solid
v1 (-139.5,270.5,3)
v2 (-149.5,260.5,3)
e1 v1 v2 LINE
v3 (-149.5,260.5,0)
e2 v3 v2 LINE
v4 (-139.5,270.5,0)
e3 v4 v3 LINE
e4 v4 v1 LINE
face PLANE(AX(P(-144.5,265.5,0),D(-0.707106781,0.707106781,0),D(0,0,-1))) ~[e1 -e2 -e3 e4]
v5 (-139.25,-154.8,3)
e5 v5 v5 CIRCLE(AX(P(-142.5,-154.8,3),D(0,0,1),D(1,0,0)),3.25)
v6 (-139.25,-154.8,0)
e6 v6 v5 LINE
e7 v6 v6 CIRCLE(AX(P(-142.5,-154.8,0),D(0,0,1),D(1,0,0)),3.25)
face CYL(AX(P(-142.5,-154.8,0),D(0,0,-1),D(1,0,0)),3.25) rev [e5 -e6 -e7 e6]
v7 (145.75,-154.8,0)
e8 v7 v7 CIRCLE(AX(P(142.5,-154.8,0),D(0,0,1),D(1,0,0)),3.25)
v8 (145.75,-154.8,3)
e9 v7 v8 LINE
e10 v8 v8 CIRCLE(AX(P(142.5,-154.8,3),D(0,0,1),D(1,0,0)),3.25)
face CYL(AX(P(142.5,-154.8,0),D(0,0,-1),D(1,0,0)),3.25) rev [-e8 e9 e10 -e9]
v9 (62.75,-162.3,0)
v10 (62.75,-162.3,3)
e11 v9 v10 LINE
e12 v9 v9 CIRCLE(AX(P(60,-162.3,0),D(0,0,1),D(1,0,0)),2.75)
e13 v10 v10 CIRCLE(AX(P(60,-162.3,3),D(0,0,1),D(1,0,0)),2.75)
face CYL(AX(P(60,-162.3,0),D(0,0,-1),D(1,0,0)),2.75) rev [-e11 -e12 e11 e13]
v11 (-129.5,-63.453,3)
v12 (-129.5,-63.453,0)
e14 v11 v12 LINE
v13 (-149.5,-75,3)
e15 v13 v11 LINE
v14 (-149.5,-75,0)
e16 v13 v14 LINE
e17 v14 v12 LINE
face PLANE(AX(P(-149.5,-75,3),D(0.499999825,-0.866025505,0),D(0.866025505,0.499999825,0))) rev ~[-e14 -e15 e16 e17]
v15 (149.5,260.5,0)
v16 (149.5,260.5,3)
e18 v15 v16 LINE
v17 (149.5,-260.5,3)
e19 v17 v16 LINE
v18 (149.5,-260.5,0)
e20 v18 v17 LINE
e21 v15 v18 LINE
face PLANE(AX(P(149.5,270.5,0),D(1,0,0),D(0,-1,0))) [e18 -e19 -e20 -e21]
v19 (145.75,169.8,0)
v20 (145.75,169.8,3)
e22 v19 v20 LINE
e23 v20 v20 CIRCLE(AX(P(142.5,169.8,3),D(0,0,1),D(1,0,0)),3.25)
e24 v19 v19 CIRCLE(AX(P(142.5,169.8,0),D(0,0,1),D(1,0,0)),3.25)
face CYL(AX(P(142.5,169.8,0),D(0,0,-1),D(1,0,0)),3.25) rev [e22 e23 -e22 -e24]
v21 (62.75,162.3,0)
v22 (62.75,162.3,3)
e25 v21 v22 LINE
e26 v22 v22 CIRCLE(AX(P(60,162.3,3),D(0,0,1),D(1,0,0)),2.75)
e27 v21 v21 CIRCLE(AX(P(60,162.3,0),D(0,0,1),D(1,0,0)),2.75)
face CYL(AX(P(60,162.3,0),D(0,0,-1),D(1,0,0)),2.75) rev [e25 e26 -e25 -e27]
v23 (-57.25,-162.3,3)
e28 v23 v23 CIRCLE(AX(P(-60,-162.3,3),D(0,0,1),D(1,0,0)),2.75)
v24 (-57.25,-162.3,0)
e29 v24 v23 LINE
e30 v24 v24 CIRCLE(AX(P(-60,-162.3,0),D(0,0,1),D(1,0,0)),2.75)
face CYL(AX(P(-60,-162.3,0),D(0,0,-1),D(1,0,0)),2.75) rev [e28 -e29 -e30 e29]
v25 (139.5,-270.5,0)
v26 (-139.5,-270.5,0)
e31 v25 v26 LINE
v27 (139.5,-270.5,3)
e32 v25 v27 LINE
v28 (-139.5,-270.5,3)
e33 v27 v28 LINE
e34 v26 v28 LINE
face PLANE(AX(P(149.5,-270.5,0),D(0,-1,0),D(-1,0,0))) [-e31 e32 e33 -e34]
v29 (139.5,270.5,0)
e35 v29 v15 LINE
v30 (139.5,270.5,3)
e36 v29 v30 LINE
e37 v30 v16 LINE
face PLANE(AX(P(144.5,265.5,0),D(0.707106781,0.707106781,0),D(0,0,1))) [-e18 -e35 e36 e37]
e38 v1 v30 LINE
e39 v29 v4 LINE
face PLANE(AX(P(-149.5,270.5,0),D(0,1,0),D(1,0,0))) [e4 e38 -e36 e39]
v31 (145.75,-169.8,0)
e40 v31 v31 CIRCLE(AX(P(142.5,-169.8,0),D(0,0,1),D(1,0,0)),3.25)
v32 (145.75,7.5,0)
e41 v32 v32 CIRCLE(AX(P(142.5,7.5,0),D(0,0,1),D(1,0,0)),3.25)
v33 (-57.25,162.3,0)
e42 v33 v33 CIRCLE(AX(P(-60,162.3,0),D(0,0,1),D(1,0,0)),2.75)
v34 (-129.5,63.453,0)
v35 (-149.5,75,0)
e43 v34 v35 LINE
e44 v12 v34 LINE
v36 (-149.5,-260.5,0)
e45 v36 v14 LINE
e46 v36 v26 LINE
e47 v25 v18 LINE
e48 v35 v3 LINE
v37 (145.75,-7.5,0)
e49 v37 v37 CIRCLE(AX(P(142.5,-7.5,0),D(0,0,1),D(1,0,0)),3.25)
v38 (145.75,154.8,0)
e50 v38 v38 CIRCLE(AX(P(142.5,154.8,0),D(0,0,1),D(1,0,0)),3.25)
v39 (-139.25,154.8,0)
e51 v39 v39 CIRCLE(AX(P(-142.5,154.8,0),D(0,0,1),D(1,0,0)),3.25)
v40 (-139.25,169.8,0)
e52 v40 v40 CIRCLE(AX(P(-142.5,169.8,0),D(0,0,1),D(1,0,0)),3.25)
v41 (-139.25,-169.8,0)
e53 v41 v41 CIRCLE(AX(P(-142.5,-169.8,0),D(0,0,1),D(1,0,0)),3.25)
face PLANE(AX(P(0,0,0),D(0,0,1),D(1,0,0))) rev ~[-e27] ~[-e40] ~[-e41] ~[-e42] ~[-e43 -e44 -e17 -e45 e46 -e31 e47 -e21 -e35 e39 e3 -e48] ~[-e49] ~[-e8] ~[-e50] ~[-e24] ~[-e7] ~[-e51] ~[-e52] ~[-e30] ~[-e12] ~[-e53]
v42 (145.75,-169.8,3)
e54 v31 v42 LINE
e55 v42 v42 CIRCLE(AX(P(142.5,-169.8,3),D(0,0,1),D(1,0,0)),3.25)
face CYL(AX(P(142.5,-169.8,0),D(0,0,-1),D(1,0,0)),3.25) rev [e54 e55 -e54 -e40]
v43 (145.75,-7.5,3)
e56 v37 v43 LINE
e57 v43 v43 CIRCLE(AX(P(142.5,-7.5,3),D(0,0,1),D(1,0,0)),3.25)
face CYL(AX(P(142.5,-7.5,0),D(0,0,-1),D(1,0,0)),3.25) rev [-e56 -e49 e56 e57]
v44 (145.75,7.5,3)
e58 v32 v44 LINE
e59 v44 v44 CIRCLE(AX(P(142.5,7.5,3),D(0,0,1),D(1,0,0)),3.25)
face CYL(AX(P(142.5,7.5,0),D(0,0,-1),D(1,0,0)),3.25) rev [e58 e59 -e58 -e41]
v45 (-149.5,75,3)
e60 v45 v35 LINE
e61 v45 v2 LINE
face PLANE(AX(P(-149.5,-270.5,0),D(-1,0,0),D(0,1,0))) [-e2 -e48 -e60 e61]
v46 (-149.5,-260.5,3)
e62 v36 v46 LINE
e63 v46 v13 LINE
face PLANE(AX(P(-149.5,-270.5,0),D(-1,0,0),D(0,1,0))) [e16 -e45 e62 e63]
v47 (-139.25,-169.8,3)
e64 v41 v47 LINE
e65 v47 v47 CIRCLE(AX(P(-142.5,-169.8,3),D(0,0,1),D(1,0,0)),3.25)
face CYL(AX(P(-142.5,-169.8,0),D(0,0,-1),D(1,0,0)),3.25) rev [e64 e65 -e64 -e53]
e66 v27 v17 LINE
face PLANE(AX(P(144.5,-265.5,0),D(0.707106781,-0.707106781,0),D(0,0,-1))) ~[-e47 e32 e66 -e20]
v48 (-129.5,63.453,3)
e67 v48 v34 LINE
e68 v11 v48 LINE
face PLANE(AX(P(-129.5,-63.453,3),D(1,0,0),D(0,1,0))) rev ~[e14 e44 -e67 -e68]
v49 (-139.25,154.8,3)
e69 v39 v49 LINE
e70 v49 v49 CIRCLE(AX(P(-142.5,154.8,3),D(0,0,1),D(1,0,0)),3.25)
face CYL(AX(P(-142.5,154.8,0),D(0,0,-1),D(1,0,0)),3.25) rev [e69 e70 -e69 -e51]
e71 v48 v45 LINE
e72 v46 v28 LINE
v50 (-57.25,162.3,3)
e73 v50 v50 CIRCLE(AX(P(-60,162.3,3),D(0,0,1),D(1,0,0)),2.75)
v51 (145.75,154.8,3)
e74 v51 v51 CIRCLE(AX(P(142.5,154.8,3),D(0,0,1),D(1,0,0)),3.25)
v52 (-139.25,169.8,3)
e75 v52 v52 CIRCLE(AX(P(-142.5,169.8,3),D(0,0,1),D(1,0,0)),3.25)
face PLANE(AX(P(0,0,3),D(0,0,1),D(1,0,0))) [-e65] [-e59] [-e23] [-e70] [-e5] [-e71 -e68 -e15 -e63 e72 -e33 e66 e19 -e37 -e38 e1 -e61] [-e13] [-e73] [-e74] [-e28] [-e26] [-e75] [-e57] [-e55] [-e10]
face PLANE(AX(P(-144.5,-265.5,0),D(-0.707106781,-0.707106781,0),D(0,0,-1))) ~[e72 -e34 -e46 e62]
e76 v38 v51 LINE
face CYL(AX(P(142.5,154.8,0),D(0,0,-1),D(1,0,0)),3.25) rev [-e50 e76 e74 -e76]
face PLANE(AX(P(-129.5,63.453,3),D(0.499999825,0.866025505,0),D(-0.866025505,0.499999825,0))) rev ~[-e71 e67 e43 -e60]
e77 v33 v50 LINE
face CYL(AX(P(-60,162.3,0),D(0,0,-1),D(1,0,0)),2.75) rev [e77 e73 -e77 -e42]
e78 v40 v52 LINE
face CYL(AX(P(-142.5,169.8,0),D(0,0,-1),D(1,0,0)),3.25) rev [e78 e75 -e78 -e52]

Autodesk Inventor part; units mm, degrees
ref_plane "YZ Plane" through (0, 0, 0) normal (1, 0, 0) x (0, 1, 0)
ref_plane "XZ Plane" through (0, 0, 0) normal (0, 1, 0) x (-1, 0, 0)
sketch "Skizze1" plane through (0, 0, 0) normal (0, 0, 1) x (1, 0, 0)
  line L0 (-149.5, 270.5) -> (149.5, 270.5)
  line L1 (149.5, 270.5) -> (149.5, -270.5)
  line L2 (149.5, -270.5) -> (-149.5, -270.5)
  line L3 (-149.5, -270.5) -> (-149.5, 270.5)
  line L4 (-149.5, 270.5) -> (149.5, -270.5) construction
  line L5 (149.5, 270.5) -> (-149.5, -270.5) construction
  line L6 (-74.75, 270.5) -> (-74.75, -270.5) construction
  line L7 (0, 396.7) -> (0, -381.7) construction
  line L8 (-142.5, 270.5) -> (-142.5, -270.5) construction
  line L9 (-149.5, -162.3) -> (149.5, -162.3) construction
  circle A0 centre (-142.5, -154.8) radius 3.25
  circle A1 centre (-142.5, -169.8) radius 3.25
  line L10 (-222.3, 0) -> (287.3, 0) construction
  circle A2 centre (-142.5, 7.5) radius 3.25
  circle A3 centre (-142.5, -7.5) radius 3.25
  circle A4 centre (-142.5, 154.8) radius 3.25
  circle A5 centre (-142.5, 169.8) radius 3.25
  circle A6 centre (142.5, -154.8) radius 3.25
  circle A7 centre (142.5, -169.8) radius 3.25
  circle A8 centre (142.5, 7.5) radius 3.25
  circle A9 centre (142.5, -7.5) radius 3.25
  circle A10 centre (142.5, 169.8) radius 3.25
  circle A11 centre (142.5, 154.8) radius 3.25
  circle A12 centre (-60, -162.3) radius 2.75
  circle A13 centre (60, -162.3) radius 2.75
  circle A14 centre (-60, 162.3) radius 2.75
  circle A15 centre (60, 162.3) radius 2.75
  line L11 (214.5, 285.5) -> (84.5, 285.5) construction
  line L12 (84.5, 285.5) -> (84.5, 255.5)
  line L13 (84.5, 255.5) -> (214.5, 255.5)
  line L14 (214.5, 255.5) -> (214.5, 285.5) construction
  line L15 (214.5, 285.5) -> (84.5, 255.5) construction
  line L16 (84.5, 285.5) -> (214.5, 255.5) construction
  point P0 (0, 0)
  dimension "d0" = 541
  dimension "d1" = 299
  dimension "d2" = 74.75
  dimension "d3" = 7
  dimension "d4" = 108.2
  dimension "d5" = 6.5
  dimension "d6" = 7.5
  dimension "d7" = 6.5
  dimension "d8" = 7.5
  dimension "d9" = 7.5
  dimension "d10" = 6.5
  dimension "d11" = 5.5
  dimension "d12" = 60
  dimension "d15" = 130
  dimension "d16" = 15
extrude "Extrusion1" add sketch "Skizze1" along normal blind 3
chamfer "Fase1" distance 10 angle 45 4 edges at (149.5, 270.5, 1.5) (149.5, -270.5, 1.5) (-149.5, -270.5, 1.5) (-149.5, 270.5, 1.5)
ref_plane "HF-Kabel-DurchlassPunkt" through (-139.5, -56.5, 0) normal (0, -1, 0) x (1, 0, 0)
sketch "S-AussparungHFKabel" plane through (0, 0, 3) normal (0, 0, 1) x (1, 0, 0)
  line L0 (209.3, -56.5) -> (-209.3, -56.5) construction
  line L1 (-149.5, 260.5) -> (-149.5, -260.5) projected
  line L2 (-149.5, -75) -> (-129.5, -63.453)
  line L3 (-129.5, -63.453) -> (-129.5, 63.453)
  line L4 (-129.5, 63.453) -> (-149.5, 75)
  line L5 (-129.5, 0) -> (-149.5, 0) construction
  line L6 (-215.9, 0) -> (210.4, 0) construction
  point P0 (0, 0)
  dimension "d21" = 60
  dimension "d22" = 20
  dimension "d23" = 150
extrude "Ex-Kabelaussparung" cut sketch "S-AussparungHFKabel" against normal blind 10
equation "\"d2\" = 0.25 * d1"
equation "\"d4\" = 0.2 * d0"
equation "\"d7\" = d5"
equation "\"d8\" = d6"
equation "\"d9\" = d6"
equation "\"d10\" = d5"
properties part number "enc-BackPanel Unten HF-Durchlass"
